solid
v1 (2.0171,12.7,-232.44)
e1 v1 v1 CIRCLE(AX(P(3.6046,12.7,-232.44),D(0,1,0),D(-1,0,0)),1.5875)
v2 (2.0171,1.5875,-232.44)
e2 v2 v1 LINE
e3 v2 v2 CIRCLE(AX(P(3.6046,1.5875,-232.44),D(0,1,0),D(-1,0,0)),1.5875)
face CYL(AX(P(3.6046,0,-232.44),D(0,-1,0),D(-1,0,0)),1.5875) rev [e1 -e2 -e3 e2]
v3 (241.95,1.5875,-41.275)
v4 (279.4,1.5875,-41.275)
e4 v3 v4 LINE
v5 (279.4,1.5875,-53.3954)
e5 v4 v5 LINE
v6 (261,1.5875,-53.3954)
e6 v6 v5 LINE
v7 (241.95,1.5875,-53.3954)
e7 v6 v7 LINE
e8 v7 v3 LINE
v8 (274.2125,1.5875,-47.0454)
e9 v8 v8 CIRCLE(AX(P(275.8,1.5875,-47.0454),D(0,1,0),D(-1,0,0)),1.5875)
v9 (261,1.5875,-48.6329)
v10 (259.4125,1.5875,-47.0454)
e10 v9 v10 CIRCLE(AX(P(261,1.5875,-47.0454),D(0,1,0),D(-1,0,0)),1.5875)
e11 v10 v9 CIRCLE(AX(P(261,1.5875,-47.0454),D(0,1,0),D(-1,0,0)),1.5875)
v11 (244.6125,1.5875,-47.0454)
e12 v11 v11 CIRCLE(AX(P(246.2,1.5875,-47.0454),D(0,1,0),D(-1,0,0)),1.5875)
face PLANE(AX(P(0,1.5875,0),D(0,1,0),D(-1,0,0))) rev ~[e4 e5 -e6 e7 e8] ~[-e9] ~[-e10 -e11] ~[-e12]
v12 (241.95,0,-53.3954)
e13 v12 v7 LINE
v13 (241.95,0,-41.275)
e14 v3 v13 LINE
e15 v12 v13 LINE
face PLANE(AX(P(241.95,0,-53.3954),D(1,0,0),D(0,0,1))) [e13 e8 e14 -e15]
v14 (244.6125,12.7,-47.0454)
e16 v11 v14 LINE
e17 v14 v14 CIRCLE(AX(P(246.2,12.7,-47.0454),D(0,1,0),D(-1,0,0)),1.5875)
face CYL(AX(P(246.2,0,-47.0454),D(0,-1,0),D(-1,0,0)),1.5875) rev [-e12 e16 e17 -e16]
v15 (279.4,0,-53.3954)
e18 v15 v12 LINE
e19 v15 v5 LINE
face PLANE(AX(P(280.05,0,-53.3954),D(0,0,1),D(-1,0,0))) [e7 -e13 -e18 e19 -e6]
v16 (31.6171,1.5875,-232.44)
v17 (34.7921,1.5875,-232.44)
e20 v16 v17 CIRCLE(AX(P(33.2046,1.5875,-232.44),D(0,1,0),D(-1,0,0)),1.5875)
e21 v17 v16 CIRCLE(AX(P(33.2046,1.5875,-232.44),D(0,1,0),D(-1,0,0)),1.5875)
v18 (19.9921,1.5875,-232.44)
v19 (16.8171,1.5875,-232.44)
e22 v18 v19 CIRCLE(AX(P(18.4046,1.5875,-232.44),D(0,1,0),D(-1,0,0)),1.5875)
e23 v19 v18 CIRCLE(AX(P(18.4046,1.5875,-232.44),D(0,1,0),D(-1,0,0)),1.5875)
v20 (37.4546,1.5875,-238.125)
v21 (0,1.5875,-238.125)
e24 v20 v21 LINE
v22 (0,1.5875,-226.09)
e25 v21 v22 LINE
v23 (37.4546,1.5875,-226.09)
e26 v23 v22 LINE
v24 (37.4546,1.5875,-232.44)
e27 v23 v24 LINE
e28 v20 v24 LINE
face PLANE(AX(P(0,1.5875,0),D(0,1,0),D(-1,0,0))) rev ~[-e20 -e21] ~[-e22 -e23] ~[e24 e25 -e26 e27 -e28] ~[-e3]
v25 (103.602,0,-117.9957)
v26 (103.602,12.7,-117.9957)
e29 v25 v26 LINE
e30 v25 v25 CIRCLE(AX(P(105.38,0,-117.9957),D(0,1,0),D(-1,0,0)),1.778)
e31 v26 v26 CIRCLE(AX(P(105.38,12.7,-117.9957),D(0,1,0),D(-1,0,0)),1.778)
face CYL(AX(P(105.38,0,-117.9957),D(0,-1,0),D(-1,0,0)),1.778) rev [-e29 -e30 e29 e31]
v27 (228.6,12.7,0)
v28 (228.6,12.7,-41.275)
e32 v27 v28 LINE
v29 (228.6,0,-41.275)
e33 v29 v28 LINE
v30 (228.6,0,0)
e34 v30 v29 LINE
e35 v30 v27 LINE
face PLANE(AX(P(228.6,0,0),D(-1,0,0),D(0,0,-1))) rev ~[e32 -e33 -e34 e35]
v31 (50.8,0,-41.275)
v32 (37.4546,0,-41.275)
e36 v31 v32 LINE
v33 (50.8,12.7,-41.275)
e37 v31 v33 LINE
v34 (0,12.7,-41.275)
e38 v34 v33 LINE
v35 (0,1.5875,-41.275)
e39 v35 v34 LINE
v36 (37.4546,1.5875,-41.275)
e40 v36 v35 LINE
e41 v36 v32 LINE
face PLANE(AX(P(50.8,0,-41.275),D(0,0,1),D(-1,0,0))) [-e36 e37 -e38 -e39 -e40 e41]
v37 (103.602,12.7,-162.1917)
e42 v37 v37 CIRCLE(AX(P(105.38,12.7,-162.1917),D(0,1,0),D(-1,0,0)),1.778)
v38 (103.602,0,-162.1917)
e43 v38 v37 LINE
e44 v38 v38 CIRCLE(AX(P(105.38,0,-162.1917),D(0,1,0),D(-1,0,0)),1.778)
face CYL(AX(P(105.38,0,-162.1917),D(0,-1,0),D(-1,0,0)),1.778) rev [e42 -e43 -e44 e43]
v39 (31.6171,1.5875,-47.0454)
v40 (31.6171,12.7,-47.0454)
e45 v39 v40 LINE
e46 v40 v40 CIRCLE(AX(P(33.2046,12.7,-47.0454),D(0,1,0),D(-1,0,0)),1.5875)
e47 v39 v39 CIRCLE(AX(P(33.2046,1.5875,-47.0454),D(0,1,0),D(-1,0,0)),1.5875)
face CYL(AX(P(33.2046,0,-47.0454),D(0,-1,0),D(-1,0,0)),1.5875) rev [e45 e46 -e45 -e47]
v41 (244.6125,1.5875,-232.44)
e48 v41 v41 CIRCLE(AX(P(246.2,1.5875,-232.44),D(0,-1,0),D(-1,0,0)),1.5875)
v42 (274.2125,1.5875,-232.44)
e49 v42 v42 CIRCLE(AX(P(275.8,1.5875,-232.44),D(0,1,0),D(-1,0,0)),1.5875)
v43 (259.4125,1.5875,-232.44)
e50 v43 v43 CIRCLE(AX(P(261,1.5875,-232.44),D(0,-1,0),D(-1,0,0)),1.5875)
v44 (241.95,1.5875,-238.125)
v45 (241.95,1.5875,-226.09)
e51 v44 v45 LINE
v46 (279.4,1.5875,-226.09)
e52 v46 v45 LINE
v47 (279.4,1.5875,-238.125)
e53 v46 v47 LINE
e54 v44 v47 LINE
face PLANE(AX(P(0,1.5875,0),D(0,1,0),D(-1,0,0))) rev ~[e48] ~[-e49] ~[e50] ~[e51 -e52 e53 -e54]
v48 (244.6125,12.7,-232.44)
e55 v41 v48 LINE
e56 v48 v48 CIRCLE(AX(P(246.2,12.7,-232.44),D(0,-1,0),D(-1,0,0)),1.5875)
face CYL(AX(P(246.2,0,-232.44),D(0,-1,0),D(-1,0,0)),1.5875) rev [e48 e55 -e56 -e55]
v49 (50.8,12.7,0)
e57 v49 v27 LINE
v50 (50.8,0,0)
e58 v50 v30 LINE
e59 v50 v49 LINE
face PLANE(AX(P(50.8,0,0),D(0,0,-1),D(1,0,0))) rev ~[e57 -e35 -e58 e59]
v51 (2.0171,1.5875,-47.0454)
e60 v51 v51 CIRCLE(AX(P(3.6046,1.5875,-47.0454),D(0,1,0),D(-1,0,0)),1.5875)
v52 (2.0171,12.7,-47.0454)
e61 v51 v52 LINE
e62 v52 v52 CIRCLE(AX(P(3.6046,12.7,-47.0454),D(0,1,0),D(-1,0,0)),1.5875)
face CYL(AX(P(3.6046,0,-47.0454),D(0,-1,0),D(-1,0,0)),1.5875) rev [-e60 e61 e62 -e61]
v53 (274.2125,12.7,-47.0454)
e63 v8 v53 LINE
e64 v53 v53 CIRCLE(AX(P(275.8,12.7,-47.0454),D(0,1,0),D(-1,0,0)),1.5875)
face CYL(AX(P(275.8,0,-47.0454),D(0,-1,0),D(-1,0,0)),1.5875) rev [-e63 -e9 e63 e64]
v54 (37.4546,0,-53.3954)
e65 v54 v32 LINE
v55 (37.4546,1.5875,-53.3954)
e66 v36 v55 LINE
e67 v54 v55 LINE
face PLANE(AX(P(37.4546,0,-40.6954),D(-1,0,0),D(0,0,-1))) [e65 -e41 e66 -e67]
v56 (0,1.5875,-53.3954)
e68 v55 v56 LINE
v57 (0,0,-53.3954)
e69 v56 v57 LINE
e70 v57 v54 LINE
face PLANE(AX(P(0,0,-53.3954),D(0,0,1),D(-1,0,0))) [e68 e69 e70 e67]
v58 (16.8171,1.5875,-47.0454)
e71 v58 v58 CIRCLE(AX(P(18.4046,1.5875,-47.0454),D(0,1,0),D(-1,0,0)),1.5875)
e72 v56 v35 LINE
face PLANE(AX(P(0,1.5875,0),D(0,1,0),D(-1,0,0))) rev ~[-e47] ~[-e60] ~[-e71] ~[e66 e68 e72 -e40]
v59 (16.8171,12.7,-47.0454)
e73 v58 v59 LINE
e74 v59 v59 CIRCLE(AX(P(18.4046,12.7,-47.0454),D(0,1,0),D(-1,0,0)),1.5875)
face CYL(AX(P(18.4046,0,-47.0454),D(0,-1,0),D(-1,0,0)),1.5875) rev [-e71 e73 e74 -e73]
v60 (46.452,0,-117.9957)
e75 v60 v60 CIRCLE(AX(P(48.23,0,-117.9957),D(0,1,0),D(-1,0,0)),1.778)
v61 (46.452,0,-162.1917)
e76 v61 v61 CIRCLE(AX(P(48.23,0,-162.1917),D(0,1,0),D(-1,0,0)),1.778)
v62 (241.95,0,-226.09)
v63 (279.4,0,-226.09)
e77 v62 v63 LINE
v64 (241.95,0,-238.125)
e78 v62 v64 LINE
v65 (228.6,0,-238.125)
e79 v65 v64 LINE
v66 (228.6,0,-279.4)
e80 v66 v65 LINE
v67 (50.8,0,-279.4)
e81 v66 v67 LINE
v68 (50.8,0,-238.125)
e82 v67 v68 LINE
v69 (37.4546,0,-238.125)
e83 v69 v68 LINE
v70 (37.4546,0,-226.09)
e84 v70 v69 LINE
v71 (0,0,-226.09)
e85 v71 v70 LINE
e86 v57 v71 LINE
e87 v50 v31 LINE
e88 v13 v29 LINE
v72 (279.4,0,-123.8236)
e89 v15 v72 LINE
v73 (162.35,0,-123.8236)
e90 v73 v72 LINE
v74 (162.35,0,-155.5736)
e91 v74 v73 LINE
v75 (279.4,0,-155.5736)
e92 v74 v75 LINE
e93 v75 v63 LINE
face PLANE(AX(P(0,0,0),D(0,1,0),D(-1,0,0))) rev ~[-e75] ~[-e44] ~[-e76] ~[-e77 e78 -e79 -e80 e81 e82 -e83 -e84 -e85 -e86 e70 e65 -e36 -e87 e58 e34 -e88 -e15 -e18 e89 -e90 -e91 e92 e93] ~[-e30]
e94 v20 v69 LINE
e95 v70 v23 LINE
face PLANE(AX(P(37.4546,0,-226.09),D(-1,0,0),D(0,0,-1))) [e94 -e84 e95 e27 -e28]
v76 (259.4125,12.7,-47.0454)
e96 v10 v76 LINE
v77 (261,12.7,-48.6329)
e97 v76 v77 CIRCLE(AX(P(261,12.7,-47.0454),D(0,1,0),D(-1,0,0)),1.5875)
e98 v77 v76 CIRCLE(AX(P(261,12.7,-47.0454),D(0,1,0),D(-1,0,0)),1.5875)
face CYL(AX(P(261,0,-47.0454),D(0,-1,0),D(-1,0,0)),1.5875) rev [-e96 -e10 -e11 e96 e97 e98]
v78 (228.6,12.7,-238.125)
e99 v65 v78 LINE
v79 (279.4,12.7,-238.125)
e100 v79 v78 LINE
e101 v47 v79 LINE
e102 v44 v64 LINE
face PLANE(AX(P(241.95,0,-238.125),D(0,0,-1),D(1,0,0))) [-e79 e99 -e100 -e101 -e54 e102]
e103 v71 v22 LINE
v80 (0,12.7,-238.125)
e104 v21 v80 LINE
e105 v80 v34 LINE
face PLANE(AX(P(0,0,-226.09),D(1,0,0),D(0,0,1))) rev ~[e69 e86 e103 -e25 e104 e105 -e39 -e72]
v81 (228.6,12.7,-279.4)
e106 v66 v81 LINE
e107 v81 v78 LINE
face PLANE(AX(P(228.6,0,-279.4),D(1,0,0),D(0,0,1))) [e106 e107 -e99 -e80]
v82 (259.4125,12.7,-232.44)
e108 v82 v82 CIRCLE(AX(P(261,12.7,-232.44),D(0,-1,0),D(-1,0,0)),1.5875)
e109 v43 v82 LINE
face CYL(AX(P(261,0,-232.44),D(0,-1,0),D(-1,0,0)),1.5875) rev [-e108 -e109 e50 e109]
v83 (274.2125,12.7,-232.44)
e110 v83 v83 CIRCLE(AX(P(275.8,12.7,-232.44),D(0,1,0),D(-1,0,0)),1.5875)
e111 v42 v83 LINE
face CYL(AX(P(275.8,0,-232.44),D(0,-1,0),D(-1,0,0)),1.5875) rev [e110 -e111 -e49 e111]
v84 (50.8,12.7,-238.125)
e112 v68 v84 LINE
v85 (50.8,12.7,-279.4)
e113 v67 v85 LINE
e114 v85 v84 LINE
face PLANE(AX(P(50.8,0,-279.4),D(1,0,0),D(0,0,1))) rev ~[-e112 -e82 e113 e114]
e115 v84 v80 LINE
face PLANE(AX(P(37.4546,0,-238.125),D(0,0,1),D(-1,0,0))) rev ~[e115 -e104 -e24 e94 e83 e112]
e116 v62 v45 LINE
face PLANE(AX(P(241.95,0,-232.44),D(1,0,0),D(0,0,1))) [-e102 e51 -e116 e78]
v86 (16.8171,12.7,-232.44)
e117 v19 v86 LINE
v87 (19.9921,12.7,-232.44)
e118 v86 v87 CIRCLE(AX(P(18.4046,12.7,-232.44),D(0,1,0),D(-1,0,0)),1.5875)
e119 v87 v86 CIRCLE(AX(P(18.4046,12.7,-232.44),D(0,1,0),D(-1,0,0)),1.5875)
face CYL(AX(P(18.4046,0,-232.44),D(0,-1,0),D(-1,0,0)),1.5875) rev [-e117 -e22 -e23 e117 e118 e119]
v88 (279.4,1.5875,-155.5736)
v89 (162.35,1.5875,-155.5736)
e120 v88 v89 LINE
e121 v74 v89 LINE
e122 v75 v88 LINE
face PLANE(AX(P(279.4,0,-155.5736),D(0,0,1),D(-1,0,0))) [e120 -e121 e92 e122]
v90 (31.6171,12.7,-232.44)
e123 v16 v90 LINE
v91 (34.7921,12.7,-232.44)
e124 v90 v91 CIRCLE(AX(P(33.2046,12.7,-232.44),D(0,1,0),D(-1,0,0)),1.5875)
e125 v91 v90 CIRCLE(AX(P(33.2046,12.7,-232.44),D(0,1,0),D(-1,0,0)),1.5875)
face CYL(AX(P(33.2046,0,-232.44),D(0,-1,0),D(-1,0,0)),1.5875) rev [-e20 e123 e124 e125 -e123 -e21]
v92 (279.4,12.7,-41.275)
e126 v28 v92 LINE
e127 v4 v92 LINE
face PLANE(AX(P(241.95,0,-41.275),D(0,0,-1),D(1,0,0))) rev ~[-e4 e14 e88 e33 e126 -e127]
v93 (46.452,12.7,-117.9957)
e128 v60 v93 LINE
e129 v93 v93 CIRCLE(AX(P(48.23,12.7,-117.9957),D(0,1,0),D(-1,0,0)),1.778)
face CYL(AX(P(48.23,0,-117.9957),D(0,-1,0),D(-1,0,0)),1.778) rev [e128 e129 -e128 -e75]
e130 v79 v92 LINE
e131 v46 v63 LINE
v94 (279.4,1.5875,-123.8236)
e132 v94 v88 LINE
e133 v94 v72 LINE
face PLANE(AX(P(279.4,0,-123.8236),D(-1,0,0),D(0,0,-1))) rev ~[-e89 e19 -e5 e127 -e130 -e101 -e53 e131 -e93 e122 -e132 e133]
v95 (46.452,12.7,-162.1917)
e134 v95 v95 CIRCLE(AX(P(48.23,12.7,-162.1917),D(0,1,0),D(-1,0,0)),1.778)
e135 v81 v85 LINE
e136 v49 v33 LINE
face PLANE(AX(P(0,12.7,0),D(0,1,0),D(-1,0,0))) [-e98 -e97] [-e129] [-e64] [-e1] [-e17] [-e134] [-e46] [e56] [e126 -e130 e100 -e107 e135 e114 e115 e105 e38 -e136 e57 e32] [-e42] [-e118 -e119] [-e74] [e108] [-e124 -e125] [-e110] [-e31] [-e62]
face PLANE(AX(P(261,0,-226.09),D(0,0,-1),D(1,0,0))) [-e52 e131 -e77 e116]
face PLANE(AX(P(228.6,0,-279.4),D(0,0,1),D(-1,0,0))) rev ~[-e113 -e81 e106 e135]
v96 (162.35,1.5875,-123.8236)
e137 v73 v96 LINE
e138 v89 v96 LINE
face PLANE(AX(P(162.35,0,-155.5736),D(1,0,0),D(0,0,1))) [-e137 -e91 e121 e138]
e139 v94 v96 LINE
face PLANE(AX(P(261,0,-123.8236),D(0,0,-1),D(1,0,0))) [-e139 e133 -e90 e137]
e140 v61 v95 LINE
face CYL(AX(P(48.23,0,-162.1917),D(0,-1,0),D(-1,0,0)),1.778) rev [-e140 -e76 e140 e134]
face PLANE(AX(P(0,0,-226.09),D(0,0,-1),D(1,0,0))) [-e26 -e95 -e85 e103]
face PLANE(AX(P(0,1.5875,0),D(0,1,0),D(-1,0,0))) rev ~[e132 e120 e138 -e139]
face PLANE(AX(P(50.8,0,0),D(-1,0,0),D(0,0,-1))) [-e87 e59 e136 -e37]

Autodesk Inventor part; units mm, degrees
ref_plane "YZ Plane" through (0, 0, 0) normal (1, 0, 0) x (0, 1, 0)
ref_plane "XZ Plane" through (0, 0, 0) normal (0, 1, 0) x (-1, 0, 0)
ref_plane "XY Plane" through (0, 0, 0) normal (0, 0, 1) x (1, 0, 0)
sketch "Sketch1" plane through (0, 0, 0) normal (0, 1, 0) x (-1, 0, 0)
  line L0 (-279.4, -127.4986) -> (-279.4, -151.8986)
  line L1 (-277.4, -125.4986) -> (-174.3, -125.4986)
  line L2 (-174.3, -153.8986) -> (-277.4, -153.8986)
  circle A0 centre (-275.8, -47.0543) radius 1.25
  circle A1 centre (-261, -47.0543) radius 1.25
  circle A2 centre (-246.2, -47.0543) radius 1.25
  circle A3 centre (-261, -232.44) radius 1.25
  circle A4 centre (-18.4, -47.0543) radius 1.25
  circle A5 centre (-48.23, -117.9957) radius 1.778
  circle A6 centre (-48.23, -162.1917) radius 1.778
  circle A7 centre (-105.38, -162.1917) radius 1.778
  circle A8 centre (-105.38, -117.9957) radius 1.778
  line L3 (0, 0) -> (-279.4, 0)
  line L4 (-279.4, 0) -> (-279.4, -279.4)
  line L5 (-279.4, -279.4) -> (0, -279.4)
  line L6 (0, -279.4) -> (0, 0)
  line L7 (-279.4, 0) -> (-228.6, 0)
  line L8 (-228.6, 0) -> (-228.6, -41.275)
  line L9 (-228.6, -41.275) -> (-279.4, -41.275)
  line L10 (-279.4, -41.275) -> (-279.4, 0)
  line L11 (-279.4, -279.4) -> (-228.6, -279.4)
  line L12 (-228.6, -279.4) -> (-228.6, -238.125)
  line L13 (-228.6, -238.125) -> (-279.4, -238.125)
  line L14 (-279.4, -238.125) -> (-279.4, -279.4)
  line L15 (0, -279.4) -> (-50.8, -279.4)
  line L16 (-50.8, -279.4) -> (-50.8, -238.125)
  line L17 (-50.8, -238.125) -> (0, -238.125)
  line L18 (0, -238.125) -> (0, -279.4)
  line L19 (0, 0) -> (-50.8, 0)
  line L20 (-50.8, 0) -> (-50.8, -41.275)
  line L21 (-50.8, -41.275) -> (0, -41.275)
  line L22 (0, -41.275) -> (0, 0)
  arc A9 (-174.3, -153.6986) -> (-174.3, -125.6986) centre (-182.3, -139.6986) ccw
  line L23 (-162.35, -123.8236) -> (-289.35, -123.8236)
  line L24 (-289.35, -123.8236) -> (-289.35, -155.5736)
  line L25 (-289.35, -155.5736) -> (-162.35, -155.5736)
  line L26 (-162.35, -155.5736) -> (-162.35, -123.8236)
  line L27 (-162.35, -123.8236) -> (-289.35, -155.5736) construction
  line L28 (-289.35, -123.8236) -> (-162.35, -155.5736) construction
  line L29 (-280.05, -238.79) -> (-241.95, -238.79)
  line L30 (-241.95, -238.79) -> (-241.95, -226.09)
  line L31 (-241.95, -226.09) -> (-280.05, -226.09)
  line L32 (-280.05, -226.09) -> (-280.05, -238.79)
  line L33 (-280.05, -238.79) -> (-241.95, -226.09) construction
  line L34 (-241.95, -238.79) -> (-280.05, -226.09) construction
  circle A10 centre (-261, -232.44) radius 1.5875
  circle A11 centre (-246.2, -232.44) radius 1.5875
  circle A12 centre (-275.8, -232.44) radius 1.5875
  line L35 (-261, -47.0543) -> (-261, -232.44)
  line L36 (-261, -232.44) -> (-18.4, -232.44)
  circle A13 centre (-261, -47.0454) radius 1.5875
  line L37 (-280.05, -53.3954) -> (-241.95, -53.3954)
  line L38 (-241.95, -53.3954) -> (-241.95, -40.6954)
  line L39 (-241.95, -40.6954) -> (-280.05, -40.6954)
  circle A14 centre (-246.2, -47.0454) radius 1.5875
  line L40 (-280.05, -40.6954) -> (-280.05, -53.3954)
  circle A15 centre (-275.8, -47.0454) radius 1.5875
  circle A16 centre (-18.4046, -232.44) radius 1.5875
  line L41 (-37.4546, -238.79) -> (0.6454, -238.79)
  line L42 (0.6454, -238.79) -> (0.6454, -226.09)
  line L43 (0.6454, -226.09) -> (-37.4546, -226.09)
  circle A17 centre (-3.6046, -232.44) radius 1.5875
  line L44 (-37.4546, -226.09) -> (-37.4546, -238.79)
  circle A18 centre (-33.2046, -232.44) radius 1.5875
  circle A19 centre (-18.4046, -47.0454) radius 1.5875
  line L45 (-37.4546, -53.3954) -> (0.6454, -53.3954)
  line L46 (0.6454, -53.3954) -> (0.6454, -40.6954)
  line L47 (0.6454, -40.6954) -> (-37.4546, -40.6954)
  circle A20 centre (-3.6046, -47.0454) radius 1.5875
  line L48 (-37.4546, -40.6954) -> (-37.4546, -53.3954)
  circle A21 centre (-33.2046, -47.0454) radius 1.5875
  point P0 (-225.85, -139.6986)
  dimension "d4" = 279.4
  dimension "d5" = 279.4
  dimension "d6" = 50.8
  dimension "d7" = 41.275
  dimension "d8" = 50.8
  dimension "d9" = 41.275
  dimension "d10" = 50.8
  dimension "d11" = 41.275
  dimension "d12" = 41.275
  dimension "d13" = 127
  dimension "d14" = 31.75
  dimension "d15" = 38.1
  dimension "d16" = 12.7
  dimension "d17" = 3.175
  dimension "d18" = 185.3946
  dimension "d19" = 242.5954
extrude "Extrusion1" add sketch "Sketch1" along normal blind 12.7 contours L4 L23 L35 L25 L0 | L4 L37 L35 L23 | L25 L35 L31 L4 | L4 L9 L38 L37 | L35 L37 L38 L9 L8 L3 L20 L21 L48 L45 L6 L43 L44 L36 L30 L31 L25 L26 L23 | L23 L26 L25 L35 | L31 L35 A10 L36 A11 L30 L13 L4 | L31 L30 L36 A11 A10 L35 | L30 L36 L44 L17 L16 L5 L12 L13 | L44 L43 L6 L17 | L21 L6 L45 L48
sketch "Sketch3" plane through (0, 0, 0) normal (0, 1, 0) x (-1, 0, 0)
  line L0 (-279.4, -127.4986) -> (-279.4, -151.8986)
  line L1 (-277.4, -125.4986) -> (-174.3, -125.4986)
  line L2 (-174.3, -153.8986) -> (-277.4, -153.8986)
  circle A0 centre (-246.2, -47.0543) radius 1.25
  circle A1 centre (-261, -232.44) radius 1.25
  circle A2 centre (-18.4, -47.0543) radius 1.25
  circle A3 centre (-48.23, -117.9957) radius 1.778
  circle A4 centre (-48.23, -162.1917) radius 1.778
  circle A5 centre (-105.38, -162.1917) radius 1.778
  circle A6 centre (-105.38, -117.9957) radius 1.778
  line L3 (0, 0) -> (-279.4, 0)
  line L4 (-279.4, 0) -> (-279.4, -279.4)
  line L5 (-279.4, -279.4) -> (0, -279.4)
  line L6 (0, -279.4) -> (0, 0)
  line L7 (-279.4, 0) -> (-228.6, 0)
  line L8 (-279.4, -41.275) -> (-279.4, 0)
  line L9 (-279.4, -279.4) -> (-228.6, -279.4)
  line L10 (-228.6, -279.4) -> (-228.6, -238.125)
  line L11 (-228.6, -238.125) -> (-279.4, -238.125)
  line L12 (-279.4, -238.125) -> (-279.4, -279.4)
  line L13 (0, -279.4) -> (-50.8, -279.4)
  line L14 (-50.8, -279.4) -> (-50.8, -238.125)
  line L15 (-50.8, -238.125) -> (0, -238.125)
  line L16 (0, -238.125) -> (0, -279.4)
  line L17 (0, 0) -> (-50.8, 0)
  line L18 (-50.8, 0) -> (-50.8, -41.275)
  line L19 (-50.8, -41.275) -> (0, -41.275)
  line L20 (0, -41.275) -> (0, 0)
  arc A7 (-174.3, -153.6986) -> (-174.3, -125.6986) centre (-182.3, -139.6986) ccw
  line L21 (-162.35, -123.8236) -> (-289.35, -123.8236)
  line L22 (-289.35, -123.8236) -> (-289.35, -155.5736)
  line L23 (-289.35, -155.5736) -> (-162.35, -155.5736)
  line L24 (-162.35, -155.5736) -> (-162.35, -123.8236)
  line L25 (-162.35, -123.8236) -> (-289.35, -155.5736) construction
  line L26 (-289.35, -123.8236) -> (-162.35, -155.5736) construction
  line L27 (-280.05, -238.79) -> (-241.95, -238.79)
  line L28 (-241.95, -238.79) -> (-241.95, -226.09)
  line L29 (-241.95, -226.09) -> (-280.05, -226.09)
  line L30 (-280.05, -226.09) -> (-280.05, -238.79)
  line L31 (-280.05, -238.79) -> (-241.95, -226.09) construction
  line L32 (-241.95, -238.79) -> (-280.05, -226.09) construction
  circle A8 centre (-261, -232.44) radius 1.5875
  circle A9 centre (-246.2, -232.44) radius 1.5875
  circle A10 centre (-275.8, -232.44) radius 1.5875
  line L33 (-261, -47.0543) -> (-261, -232.44)
  line L34 (-261, -232.44) -> (-18.4, -232.44)
  circle A11 centre (-261, -47.0454) radius 1.5875
  line L35 (-280.05, -53.3954) -> (-241.95, -53.3954)
  line L36 (-241.95, -53.3954) -> (-241.95, -40.6954)
  line L37 (-241.95, -40.6954) -> (-280.05, -40.6954)
  circle A12 centre (-246.2, -47.0454) radius 1.5875
  line L38 (-280.05, -40.6954) -> (-280.05, -53.3954)
  circle A13 centre (-275.8, -47.0454) radius 1.5875
  circle A14 centre (-18.4046, -232.44) radius 1.5875
  line L39 (-37.4546, -238.79) -> (0.6454, -238.79)
  line L40 (0.6454, -238.79) -> (0.6454, -226.09)
  line L41 (0.6454, -226.09) -> (-37.4546, -226.09)
  circle A15 centre (-3.6046, -232.44) radius 1.5875
  line L42 (-37.4546, -226.09) -> (-37.4546, -238.79)
  circle A16 centre (-33.2046, -232.44) radius 1.5875
  circle A17 centre (-18.4046, -47.0454) radius 1.5875
  line L43 (-37.4546, -53.3954) -> (0.6454, -53.3954)
  line L44 (0.6454, -53.3954) -> (0.6454, -40.6954)
  line L45 (0.6454, -40.6954) -> (-37.4546, -40.6954)
  circle A18 centre (-3.6046, -47.0454) radius 1.5875
  line L46 (-37.4546, -40.6954) -> (-37.4546, -53.3954)
  circle A19 centre (-33.2046, -47.0454) radius 1.5875
  point P0 (-225.85, -139.6986)
  dimension "d26" = 279.4
  dimension "d27" = 279.4
  dimension "d30" = 50.8
  dimension "d31" = 41.275
  dimension "d32" = 50.8
  dimension "d33" = 41.275
  dimension "d34" = 41.275
  dimension "d35" = 127
  dimension "d36" = 31.75
  dimension "d37" = 38.1
  dimension "d38" = 12.7
  dimension "d39" = 3.175
  dimension "d40" = 185.3946
  dimension "d41" = 242.5954
extrude "Extrusion2" cut sketch "Sketch3" along normal blind 1.5875 contours L4 L21 L33 L23 L0 | L0 L4 L23 L22 L21 | L35 L38 L37 L4 | L4 L37 L36 L35 | L21 L24 L23 L33 | L29 L33 A8 L34 A9 L28 L11 L4 | L4 L27 L30 L29 | L11 L28 L27 L4 | L29 L28 L34 A9 A8 L33 | L42 L41 L6 L15 | L15 L6 L39 L42 | L41 L40 L39 L6 | L45 L44 L43 L6 | L6 L19 L46 L45 | L19 L6 L43 L46
properties part number "BottomPlateV1" material "Wood (Birch)"
